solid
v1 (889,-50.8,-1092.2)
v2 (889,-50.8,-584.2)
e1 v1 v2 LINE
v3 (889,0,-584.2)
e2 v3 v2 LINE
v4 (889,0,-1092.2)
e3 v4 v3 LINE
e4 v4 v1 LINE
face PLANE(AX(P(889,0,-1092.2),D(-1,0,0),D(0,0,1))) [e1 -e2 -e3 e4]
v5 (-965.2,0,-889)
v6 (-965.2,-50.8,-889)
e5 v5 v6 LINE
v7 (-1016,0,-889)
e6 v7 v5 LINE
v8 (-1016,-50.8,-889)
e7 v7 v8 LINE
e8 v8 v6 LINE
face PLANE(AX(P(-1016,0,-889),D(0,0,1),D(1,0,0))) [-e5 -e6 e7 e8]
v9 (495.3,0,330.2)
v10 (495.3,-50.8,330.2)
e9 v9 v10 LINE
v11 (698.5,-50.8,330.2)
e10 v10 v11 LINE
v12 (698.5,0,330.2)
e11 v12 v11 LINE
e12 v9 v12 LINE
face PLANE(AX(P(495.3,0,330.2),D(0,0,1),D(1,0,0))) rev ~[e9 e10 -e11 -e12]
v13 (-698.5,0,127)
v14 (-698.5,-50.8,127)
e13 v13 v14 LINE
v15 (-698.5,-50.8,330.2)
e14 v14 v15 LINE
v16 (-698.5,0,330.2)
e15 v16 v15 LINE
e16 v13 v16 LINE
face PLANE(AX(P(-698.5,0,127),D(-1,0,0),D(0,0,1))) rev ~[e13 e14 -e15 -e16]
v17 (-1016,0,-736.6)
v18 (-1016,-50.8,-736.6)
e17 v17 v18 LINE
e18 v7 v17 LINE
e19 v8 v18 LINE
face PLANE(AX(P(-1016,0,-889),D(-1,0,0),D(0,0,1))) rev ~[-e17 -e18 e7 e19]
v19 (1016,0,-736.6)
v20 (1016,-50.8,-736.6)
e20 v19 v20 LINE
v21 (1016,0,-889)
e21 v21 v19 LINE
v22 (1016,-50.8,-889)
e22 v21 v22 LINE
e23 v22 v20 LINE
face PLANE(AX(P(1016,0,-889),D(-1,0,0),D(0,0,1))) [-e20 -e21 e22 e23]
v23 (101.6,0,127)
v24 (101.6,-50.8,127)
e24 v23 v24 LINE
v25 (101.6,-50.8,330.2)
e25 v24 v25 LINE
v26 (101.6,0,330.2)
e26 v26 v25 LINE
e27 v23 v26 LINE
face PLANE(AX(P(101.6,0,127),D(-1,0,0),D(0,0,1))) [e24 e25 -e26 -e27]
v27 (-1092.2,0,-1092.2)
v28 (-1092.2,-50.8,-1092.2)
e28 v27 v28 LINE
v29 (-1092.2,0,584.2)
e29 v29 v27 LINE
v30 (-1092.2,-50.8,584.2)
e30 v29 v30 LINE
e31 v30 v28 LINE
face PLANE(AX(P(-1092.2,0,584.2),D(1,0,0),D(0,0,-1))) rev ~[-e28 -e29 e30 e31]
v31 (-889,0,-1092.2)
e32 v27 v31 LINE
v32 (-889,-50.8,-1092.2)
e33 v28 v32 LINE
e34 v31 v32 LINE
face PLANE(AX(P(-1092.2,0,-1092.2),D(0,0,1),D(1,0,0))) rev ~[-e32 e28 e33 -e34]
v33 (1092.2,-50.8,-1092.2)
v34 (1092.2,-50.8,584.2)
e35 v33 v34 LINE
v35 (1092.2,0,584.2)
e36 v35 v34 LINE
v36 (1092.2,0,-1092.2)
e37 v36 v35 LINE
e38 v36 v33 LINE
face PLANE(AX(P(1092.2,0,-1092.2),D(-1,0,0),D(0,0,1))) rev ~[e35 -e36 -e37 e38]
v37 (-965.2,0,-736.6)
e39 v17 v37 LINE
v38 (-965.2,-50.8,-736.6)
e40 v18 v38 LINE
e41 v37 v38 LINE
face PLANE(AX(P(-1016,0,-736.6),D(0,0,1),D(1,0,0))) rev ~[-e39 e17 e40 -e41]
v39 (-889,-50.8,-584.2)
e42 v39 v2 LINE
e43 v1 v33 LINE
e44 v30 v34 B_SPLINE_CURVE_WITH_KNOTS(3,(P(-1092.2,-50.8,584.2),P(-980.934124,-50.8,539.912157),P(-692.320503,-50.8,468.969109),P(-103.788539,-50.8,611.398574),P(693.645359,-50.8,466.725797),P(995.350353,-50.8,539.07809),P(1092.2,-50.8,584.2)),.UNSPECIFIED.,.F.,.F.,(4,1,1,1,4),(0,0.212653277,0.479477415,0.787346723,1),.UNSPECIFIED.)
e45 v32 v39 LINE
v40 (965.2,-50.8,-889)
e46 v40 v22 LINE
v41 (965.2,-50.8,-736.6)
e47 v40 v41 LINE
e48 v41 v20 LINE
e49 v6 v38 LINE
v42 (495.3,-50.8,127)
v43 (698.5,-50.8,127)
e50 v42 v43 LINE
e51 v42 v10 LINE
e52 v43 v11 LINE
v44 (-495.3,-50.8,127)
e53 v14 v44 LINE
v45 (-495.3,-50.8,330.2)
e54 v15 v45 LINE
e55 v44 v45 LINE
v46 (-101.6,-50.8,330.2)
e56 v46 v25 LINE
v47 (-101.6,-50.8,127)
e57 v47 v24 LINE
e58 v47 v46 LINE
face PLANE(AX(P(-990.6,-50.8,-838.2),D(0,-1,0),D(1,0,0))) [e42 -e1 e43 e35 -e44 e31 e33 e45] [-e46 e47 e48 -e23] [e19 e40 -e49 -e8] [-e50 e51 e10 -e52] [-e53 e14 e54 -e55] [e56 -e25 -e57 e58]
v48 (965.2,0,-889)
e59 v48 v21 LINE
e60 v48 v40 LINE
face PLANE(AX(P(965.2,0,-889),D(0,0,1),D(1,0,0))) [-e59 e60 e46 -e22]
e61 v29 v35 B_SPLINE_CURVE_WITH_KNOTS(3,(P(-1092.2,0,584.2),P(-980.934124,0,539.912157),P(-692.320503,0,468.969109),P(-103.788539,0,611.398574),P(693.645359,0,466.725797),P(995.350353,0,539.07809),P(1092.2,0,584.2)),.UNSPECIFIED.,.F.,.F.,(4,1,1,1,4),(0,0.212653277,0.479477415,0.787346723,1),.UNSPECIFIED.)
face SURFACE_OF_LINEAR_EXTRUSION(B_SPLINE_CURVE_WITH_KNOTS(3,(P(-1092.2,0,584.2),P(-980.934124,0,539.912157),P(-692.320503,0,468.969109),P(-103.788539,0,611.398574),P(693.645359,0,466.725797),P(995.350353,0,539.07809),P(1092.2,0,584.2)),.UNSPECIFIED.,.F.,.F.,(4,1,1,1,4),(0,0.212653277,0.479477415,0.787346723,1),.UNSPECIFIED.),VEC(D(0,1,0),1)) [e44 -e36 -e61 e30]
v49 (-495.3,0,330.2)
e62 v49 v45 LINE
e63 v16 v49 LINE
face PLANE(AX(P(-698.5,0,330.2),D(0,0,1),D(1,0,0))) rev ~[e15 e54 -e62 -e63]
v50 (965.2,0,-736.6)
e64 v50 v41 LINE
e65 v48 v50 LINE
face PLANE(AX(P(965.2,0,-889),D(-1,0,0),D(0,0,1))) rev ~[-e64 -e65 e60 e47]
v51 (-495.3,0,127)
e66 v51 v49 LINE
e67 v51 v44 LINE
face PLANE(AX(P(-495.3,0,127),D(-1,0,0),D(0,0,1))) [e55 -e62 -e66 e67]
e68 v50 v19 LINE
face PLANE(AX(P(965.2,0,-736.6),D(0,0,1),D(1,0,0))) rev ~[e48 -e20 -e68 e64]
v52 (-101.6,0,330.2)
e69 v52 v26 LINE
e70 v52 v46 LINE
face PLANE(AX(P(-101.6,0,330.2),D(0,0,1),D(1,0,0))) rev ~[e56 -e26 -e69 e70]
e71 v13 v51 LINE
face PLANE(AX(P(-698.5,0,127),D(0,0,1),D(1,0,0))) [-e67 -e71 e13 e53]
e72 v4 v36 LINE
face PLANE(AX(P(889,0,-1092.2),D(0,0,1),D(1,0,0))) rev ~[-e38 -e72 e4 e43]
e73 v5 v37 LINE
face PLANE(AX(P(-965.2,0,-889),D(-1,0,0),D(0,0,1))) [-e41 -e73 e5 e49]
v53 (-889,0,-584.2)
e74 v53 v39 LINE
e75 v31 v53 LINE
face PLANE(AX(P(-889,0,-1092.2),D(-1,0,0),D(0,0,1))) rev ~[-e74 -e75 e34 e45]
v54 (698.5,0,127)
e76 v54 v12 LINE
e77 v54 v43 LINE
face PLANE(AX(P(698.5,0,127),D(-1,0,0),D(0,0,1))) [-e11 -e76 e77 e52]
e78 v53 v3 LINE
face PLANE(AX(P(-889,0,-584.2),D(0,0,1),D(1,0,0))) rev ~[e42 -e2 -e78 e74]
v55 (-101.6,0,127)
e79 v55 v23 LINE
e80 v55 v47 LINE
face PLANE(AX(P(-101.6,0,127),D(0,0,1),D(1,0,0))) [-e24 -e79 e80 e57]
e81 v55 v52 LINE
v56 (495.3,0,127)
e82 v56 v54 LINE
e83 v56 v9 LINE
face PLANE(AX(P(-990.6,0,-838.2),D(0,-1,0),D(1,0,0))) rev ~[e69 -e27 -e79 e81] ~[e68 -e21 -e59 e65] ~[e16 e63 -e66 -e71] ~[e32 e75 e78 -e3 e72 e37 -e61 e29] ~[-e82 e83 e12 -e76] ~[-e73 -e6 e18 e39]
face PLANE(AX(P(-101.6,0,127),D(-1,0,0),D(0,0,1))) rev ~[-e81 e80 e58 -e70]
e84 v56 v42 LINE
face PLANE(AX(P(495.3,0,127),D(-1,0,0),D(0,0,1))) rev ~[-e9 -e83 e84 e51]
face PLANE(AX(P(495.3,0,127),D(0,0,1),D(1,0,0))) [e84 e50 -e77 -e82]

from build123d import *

# Parameters (mm, degrees)
F0_W     = 203.2
F0_H     = 508
F0_W_2   = 50.8
F0_H_2   = 152.4
F0_H_3   = 203.2
F1_DEPTH = 50.8


with BuildPart() as f1:
    # F0 (on Front) → F1 (new body)
    with BuildSketch(Plane.XZ):
        with Locations((-990.6, -838.2)):
            Rectangle(F0_W, F0_H)
        with Locations((-990.6, -812.8)):
            Rectangle(F0_W_2, F0_H_2, mode=Mode.SUBTRACT)
        with Locations((990.6, -838.2)):
            Rectangle(F0_W, F0_H)
        with Locations((990.6, -812.8)):
            Rectangle(F0_W_2, F0_H_2, mode=Mode.SUBTRACT)
        with BuildLine():
            add(Edge.make_bspline(
                [(-1092.2, 584.2), (-980.9341244819, 539.9121567226), (-692.3205033902, 468.9691085106), (-103.7885392301, 611.398573737), (693.6453585688, 466.7257971096), (995.3503534145, 539.0780902978), (1092.2, 584.2)],
                knots=[0, 0, 0, 0, 0.2126532774, 0.4794774151, 0.7873467226, 1, 1, 1, 1], degree=3))
            Line((-1092.2, 584.2), (-1092.2, -584.2))
            Line((-1092.2, -584.2), (-889, -584.2))
            Line((-889, -584.2), (889, -584.2))
            Line((889, -584.2), (1092.2, -584.2))
            Line((1092.2, -584.2), (1092.2, 584.2))
        make_face()
        with Locations((-596.9, 228.6)):
            Rectangle(F0_W, F0_H_3, mode=Mode.SUBTRACT)
        with Locations((0, 228.6)):
            Rectangle(F0_W, F0_H_3, mode=Mode.SUBTRACT)
        with Locations((596.9, 228.6)):
            Rectangle(F0_W, F0_H_3, mode=Mode.SUBTRACT)
    extrude(amount=F1_DEPTH)


solid = f1.part
